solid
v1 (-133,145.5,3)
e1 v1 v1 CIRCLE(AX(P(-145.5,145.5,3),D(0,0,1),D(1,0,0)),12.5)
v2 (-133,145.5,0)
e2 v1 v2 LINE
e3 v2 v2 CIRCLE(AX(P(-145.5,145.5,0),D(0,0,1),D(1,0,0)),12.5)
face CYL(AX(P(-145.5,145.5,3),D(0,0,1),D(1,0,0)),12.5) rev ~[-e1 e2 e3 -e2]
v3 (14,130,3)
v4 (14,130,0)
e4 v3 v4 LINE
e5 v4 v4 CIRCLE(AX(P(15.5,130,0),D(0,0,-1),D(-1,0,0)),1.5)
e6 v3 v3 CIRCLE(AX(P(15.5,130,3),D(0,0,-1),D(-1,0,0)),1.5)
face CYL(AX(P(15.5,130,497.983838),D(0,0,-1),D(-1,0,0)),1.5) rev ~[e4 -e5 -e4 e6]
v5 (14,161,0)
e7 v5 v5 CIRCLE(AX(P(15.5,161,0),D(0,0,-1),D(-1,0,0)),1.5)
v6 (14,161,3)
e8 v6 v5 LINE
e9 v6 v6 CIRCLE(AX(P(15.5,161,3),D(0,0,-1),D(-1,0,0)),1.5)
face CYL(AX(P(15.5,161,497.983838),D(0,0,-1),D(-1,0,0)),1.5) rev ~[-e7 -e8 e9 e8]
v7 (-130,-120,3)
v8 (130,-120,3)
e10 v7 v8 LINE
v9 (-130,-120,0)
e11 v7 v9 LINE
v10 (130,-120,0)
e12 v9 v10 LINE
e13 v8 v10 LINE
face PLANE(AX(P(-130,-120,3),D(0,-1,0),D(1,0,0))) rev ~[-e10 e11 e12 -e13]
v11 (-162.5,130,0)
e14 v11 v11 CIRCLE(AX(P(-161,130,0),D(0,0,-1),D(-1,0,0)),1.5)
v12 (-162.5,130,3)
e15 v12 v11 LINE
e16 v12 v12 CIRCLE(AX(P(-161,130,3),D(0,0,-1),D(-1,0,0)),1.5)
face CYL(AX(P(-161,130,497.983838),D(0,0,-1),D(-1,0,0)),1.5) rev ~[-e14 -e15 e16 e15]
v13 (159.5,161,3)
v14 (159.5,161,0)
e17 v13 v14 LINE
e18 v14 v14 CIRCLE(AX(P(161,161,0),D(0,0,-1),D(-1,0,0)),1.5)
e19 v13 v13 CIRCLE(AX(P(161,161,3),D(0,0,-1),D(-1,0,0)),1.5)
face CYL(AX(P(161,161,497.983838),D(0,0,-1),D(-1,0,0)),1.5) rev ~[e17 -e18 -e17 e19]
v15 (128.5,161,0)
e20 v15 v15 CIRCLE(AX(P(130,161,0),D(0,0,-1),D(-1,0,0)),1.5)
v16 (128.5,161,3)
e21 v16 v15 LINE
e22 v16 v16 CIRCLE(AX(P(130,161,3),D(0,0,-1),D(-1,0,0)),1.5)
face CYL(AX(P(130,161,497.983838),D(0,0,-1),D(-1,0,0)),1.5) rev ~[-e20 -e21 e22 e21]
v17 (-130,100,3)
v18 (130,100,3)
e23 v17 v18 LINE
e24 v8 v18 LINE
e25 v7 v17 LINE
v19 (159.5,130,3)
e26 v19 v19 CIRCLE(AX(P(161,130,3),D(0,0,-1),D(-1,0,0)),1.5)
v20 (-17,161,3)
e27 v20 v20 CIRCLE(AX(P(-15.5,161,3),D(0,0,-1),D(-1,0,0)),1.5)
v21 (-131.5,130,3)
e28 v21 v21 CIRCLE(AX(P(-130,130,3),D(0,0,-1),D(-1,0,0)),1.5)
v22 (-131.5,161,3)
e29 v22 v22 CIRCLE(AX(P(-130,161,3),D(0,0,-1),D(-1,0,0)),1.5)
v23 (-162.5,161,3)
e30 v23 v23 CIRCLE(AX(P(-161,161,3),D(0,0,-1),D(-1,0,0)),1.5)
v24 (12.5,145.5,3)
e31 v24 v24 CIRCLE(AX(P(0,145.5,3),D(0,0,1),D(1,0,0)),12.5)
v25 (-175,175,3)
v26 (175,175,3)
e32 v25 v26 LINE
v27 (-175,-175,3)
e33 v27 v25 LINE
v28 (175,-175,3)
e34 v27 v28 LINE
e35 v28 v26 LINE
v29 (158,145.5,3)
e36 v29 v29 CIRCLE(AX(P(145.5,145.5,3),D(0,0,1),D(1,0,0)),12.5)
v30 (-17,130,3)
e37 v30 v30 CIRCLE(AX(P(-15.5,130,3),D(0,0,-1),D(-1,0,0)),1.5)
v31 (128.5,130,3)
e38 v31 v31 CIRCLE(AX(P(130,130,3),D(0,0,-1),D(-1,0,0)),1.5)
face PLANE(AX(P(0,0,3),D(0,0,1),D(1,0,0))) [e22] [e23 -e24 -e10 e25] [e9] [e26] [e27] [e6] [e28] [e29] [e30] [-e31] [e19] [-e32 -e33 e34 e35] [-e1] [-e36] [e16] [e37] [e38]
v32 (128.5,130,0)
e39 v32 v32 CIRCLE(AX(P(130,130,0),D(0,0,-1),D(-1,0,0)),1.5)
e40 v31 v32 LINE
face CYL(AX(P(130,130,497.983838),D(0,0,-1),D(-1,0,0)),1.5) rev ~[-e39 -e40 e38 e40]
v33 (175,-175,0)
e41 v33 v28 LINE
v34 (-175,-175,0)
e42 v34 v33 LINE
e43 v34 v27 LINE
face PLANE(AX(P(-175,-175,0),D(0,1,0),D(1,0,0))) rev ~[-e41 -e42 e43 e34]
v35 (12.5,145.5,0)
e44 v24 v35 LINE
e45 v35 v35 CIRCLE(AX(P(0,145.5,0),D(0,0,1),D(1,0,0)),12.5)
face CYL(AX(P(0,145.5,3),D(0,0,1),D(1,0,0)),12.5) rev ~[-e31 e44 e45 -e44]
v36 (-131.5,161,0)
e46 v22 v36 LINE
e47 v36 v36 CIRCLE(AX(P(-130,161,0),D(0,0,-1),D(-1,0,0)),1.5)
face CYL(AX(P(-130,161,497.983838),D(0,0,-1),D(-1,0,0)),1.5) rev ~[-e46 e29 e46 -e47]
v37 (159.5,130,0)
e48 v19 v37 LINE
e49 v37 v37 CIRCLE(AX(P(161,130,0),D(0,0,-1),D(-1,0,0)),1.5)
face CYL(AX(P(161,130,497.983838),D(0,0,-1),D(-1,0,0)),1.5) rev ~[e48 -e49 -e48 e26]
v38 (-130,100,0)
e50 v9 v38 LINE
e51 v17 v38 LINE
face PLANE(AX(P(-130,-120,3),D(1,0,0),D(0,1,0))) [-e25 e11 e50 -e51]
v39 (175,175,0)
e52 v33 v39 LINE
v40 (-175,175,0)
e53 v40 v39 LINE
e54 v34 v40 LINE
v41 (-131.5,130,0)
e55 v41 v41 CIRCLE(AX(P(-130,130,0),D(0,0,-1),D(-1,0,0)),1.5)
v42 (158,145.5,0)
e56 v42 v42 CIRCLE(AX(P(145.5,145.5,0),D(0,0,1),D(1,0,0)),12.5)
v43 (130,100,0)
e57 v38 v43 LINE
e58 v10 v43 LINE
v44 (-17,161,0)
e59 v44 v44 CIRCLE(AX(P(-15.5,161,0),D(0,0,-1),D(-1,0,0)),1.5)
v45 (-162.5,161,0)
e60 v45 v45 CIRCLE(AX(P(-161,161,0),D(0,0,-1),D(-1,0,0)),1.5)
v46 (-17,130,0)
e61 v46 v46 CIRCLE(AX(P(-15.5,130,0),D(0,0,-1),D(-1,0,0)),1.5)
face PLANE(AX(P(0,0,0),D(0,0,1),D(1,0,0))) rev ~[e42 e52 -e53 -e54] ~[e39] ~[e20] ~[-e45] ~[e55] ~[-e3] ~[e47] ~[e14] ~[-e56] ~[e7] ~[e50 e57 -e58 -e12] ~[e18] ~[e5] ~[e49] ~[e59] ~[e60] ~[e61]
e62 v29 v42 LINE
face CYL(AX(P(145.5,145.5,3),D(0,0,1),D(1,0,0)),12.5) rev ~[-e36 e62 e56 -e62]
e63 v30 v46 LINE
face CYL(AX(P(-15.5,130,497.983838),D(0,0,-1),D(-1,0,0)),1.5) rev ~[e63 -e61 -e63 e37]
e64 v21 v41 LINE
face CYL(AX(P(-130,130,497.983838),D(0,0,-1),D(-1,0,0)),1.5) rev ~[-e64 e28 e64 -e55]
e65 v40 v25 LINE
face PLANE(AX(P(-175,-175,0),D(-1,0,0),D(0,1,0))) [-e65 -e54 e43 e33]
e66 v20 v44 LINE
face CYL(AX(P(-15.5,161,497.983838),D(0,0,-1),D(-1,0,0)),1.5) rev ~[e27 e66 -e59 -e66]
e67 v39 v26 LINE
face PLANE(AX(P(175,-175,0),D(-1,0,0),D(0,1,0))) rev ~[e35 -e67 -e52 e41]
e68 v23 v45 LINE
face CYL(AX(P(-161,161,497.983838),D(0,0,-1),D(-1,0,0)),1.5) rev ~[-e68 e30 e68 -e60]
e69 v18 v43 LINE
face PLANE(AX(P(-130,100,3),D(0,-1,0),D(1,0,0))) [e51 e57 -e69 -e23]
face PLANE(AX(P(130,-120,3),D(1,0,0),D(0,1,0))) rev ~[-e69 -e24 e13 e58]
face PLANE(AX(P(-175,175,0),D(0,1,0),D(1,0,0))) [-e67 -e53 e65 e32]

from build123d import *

# Parameters (mm, degrees)
F0_W     = 350
F0_H     = 350
F1_DEPTH = 3
F2_W     = 260
F2_H     = 220
F3_DEPTH = 25
F5_D     = 3
F4_R     = 12.5
F6_DEPTH = 25


with BuildPart() as f1:
    # F0 (on Top) → F1 (new body)
    with BuildSketch(Plane.XY):
        Rectangle(F0_W, F0_H)
    extrude(amount=F1_DEPTH)

    # F2 (on face) → F3 (cut)
    with BuildSketch(Plane.XY.offset(3)):
        with Locations((0, -10)):
            Rectangle(F2_W, F2_H)
    extrude(amount=-F3_DEPTH, mode=Mode.SUBTRACT)

    # F5 (through all)
    with Locations(Plane.XY.offset(3)):
        with Locations((-161, 161), (-161, 130), (-130, 130), (-130, 161), (130, 161), (161, 161), (161, 130), (130, 130), (-15.5, 161), (-15.5, 130), (15.5, 130), (15.5, 161)):
            Hole(F5_D / 2)

    # F4 (on face) → F6 (cut)
    with BuildSketch(Plane.XY.offset(3)):
        with Locations((-145.5, 145.5)):
            Circle(F4_R)
        with Locations((145.5, 145.5)):
            Circle(F4_R)
        with Locations((0, 145.5)):
            Circle(F4_R)
    extrude(amount=-F6_DEPTH, mode=Mode.SUBTRACT)


solid = f1.part
